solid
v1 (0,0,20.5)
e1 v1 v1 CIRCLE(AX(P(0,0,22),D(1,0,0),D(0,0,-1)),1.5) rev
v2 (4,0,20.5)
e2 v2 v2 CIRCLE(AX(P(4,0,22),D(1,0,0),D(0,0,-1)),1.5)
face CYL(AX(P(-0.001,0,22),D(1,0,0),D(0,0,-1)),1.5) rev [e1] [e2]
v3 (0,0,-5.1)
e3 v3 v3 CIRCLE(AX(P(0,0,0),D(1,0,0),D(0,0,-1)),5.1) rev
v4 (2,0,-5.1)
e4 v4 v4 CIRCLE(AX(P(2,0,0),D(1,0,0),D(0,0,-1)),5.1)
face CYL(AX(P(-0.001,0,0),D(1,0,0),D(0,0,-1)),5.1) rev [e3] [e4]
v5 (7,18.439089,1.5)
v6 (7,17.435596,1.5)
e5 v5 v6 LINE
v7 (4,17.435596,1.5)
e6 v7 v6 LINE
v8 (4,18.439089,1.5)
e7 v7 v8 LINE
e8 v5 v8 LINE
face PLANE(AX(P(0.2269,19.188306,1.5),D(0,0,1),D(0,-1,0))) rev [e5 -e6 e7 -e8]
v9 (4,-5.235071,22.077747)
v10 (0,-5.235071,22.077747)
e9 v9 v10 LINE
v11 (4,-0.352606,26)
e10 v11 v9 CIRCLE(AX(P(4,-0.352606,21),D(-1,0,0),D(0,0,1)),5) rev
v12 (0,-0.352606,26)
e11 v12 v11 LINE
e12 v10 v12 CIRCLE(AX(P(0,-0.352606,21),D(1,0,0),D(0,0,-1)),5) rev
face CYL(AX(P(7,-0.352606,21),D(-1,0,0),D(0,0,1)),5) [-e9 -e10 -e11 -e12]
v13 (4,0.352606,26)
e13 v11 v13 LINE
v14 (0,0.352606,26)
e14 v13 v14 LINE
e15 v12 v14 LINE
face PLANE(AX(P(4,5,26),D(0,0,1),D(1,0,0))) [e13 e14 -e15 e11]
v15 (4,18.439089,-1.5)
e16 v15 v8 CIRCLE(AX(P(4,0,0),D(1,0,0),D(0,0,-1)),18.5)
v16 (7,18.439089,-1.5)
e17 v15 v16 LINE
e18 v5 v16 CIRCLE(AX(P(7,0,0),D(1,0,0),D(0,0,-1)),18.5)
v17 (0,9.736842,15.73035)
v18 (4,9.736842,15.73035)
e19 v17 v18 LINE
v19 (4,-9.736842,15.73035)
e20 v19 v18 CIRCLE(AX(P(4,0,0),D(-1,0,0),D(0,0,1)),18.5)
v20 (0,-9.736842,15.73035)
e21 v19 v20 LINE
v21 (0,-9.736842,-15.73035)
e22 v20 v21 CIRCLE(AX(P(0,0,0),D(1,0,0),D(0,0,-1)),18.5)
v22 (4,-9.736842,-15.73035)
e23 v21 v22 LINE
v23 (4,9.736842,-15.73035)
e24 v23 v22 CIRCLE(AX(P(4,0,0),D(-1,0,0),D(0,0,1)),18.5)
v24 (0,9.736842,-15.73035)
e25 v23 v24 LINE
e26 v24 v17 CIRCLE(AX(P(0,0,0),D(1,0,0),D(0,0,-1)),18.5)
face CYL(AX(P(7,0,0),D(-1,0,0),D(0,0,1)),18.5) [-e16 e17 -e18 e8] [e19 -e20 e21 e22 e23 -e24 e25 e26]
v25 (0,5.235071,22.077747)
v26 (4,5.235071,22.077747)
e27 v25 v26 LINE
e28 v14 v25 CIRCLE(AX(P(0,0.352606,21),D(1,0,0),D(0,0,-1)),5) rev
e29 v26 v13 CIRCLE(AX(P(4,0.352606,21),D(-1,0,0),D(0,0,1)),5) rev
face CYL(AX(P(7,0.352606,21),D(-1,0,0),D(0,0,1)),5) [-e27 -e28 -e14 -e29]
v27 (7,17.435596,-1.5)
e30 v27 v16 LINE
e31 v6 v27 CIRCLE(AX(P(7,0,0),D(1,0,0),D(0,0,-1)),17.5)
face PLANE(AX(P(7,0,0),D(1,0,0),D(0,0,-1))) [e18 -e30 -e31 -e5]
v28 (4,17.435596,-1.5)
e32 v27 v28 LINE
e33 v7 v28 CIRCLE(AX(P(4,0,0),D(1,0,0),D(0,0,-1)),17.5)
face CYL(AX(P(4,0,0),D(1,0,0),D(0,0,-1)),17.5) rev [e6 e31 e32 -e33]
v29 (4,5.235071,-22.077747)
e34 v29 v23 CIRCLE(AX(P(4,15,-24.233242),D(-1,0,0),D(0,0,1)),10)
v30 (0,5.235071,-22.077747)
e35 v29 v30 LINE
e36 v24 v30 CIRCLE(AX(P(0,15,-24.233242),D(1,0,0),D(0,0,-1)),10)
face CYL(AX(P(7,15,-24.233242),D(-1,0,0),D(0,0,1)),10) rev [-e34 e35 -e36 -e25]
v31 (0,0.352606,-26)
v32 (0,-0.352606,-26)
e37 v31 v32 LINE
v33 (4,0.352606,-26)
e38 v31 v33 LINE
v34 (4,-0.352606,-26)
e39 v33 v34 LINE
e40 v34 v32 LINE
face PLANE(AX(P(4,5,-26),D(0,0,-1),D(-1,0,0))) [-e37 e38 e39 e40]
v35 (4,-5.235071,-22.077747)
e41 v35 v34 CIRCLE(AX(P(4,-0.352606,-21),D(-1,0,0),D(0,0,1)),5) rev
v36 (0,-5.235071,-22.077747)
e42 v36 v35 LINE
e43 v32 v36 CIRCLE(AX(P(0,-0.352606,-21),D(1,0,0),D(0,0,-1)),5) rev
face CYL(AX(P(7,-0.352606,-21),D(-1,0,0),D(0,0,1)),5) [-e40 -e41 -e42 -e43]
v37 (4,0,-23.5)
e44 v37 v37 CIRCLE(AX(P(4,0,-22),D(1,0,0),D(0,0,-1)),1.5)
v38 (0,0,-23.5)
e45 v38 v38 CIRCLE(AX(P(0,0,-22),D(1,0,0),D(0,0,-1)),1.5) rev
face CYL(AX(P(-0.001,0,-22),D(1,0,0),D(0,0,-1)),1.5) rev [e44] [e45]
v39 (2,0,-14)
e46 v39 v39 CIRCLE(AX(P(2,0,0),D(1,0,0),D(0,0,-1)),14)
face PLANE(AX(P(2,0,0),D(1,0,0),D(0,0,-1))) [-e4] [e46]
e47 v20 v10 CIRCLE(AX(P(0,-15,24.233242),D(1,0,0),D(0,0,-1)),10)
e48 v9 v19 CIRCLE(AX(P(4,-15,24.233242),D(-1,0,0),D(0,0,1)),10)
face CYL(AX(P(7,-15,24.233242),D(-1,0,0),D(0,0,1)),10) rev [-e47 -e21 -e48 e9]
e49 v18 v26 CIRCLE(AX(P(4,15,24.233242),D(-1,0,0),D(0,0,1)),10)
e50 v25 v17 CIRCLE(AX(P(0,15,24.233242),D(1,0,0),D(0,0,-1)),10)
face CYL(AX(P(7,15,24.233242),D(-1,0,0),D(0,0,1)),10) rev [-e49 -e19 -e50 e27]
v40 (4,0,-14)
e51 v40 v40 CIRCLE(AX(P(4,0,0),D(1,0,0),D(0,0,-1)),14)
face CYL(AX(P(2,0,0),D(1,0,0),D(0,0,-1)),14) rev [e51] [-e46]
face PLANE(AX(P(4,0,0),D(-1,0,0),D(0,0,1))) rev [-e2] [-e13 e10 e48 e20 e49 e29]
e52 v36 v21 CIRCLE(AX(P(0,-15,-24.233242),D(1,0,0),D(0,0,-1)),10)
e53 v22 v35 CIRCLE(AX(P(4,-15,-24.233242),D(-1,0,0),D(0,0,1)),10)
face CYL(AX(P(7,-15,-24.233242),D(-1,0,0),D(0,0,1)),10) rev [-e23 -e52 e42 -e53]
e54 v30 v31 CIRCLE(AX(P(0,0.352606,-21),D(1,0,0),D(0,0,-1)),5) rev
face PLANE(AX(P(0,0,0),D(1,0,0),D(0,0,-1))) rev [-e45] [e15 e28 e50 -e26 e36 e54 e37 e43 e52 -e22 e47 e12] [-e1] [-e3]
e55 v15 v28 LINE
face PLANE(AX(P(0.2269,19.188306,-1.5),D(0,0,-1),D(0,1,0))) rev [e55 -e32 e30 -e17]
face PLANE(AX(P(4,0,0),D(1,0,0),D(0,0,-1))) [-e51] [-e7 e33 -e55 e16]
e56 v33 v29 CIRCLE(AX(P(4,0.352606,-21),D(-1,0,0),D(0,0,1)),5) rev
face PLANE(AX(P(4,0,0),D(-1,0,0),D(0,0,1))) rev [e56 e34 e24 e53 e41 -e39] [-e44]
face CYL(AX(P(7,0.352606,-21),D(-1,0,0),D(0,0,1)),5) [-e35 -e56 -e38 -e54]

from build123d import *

# Parameters (mm, degrees)
SKETCH_1_R          = 18.5
EXTRUDE_1_DEPTH     = 7
EXTRUDE_2_DEPTH     = 4
SKETCH_2_R          = 17.5
CUT_EXTRUDE_1_DEPTH = 3
SKETCH_3_R          = 14
CUT_EXTRUDE_2_DEPTH = 2
CUT_EXTRUDE_5_REACH = 34.299
SKETCH_8_R          = 5.1
CUT_EXTRUDE_6_REACH = 34.16
SKETCH_11_R         = 1.5
FILLET_1_R          = 10
FILLET_2_R          = 5
SKETCH_12_W         = 3
SKETCH_12_H         = 2.288293169
CUT_EXTRUDE_7_DEPTH = 3


with BuildPart() as part:
    # 草图1 → 凸台-拉伸1 (new body)
    with BuildSketch(Plane(origin=(0, 0, 0), x_dir=(0, 0, -1), z_dir=(1, 0, 0))):
        Circle(SKETCH_1_R)
    extrude(amount=EXTRUDE_1_DEPTH)

    # 草图10 → 凸台-拉伸2 (add)
    with BuildSketch(Plane.ZY):
        Polygon((0, 5), (26, 5), (26, -5), (0, -5), (-26, -5), (-26, 5), align=None)
    extrude(amount=-EXTRUDE_2_DEPTH)

    # 草图2 → 切除-拉伸1 (cut)
    with BuildSketch(Plane(origin=(7, 0, 0), x_dir=(0, 0, -1), z_dir=(1, 0, 0))):
        Circle(SKETCH_2_R)
    extrude(amount=-CUT_EXTRUDE_1_DEPTH, mode=Mode.SUBTRACT)

    # 草图3 → 切除-拉伸2 (cut)
    with BuildSketch(Plane(origin=(4, 0, 0), x_dir=(0, 0, -1), z_dir=(1, 0, 0))):
        Circle(SKETCH_3_R)
    extrude(amount=-CUT_EXTRUDE_2_DEPTH, mode=Mode.SUBTRACT)

    # 草图8 → 切除-拉伸5 (cut, up to next)
    with BuildSketch(Plane(origin=(2, 0, 0), x_dir=(0, 0, -1), z_dir=(1, 0, 0)), mode=Mode.PRIVATE) as cut_extrude_5_sk1:
        Circle(SKETCH_8_R)
    cut_extrude_5_tool1 = extrude(cut_extrude_5_sk1.sketch, amount=-CUT_EXTRUDE_5_REACH, mode=Mode.PRIVATE) & part.part
    add(cut_extrude_5_tool1.solids().sort_by_distance((2, 0, 0))[0], mode=Mode.SUBTRACT)

    # 草图11 → 切除-拉伸6 (cut, up to next)
    with BuildSketch(Plane(origin=(4, 0, 0), x_dir=(0, 0, -1), z_dir=(1, 0, 0)), mode=Mode.PRIVATE) as cut_extrude_6_sk1:
        with Locations((-22, 0)):
            Circle(SKETCH_11_R)
    cut_extrude_6_tool1 = extrude(cut_extrude_6_sk1.sketch, amount=-CUT_EXTRUDE_6_REACH, mode=Mode.PRIVATE) & part.part
    # 草图11 → 切除-拉伸6 (cut, up to next)
    with BuildSketch(Plane(origin=(4, 0, 0), x_dir=(0, 0, -1), z_dir=(1, 0, 0)), mode=Mode.PRIVATE) as cut_extrude_6_sk2:
        with Locations((22, 0)):
            Circle(SKETCH_11_R)
    cut_extrude_6_tool2 = extrude(cut_extrude_6_sk2.sketch, amount=-CUT_EXTRUDE_6_REACH, mode=Mode.PRIVATE) & part.part
    add(cut_extrude_6_tool1.solids().sort_by_distance((4, 0, 22))[0], mode=Mode.SUBTRACT)
    add(cut_extrude_6_tool2.solids().sort_by_distance((4, 0, -22))[0], mode=Mode.SUBTRACT)

    # 圆角1
    fillet_1_edges = [part.edges().sort_by_distance(p)[0] for p in [
        (2, 5, -17.811513131),
        (2, 5, 17.811513131),
        (2, -5, 17.811513131),
        (2, -5, -17.811513131),
    ]]
    fillet(fillet_1_edges, radius=FILLET_1_R)

    # 圆角2
    fillet_2_edges = [part.edges().sort_by_distance(p)[0] for p in [
        (2, 5, 26),
        (2, -5, 26),
        (2, -5, -26),
        (2, 5, -26),
    ]]
    fillet(fillet_2_edges, radius=FILLET_2_R)

    # 草图12 → 切除-拉伸7 (cut)
    with BuildSketch(Plane(origin=(7, 0, 0), x_dir=(0, 0, -1), z_dir=(1, 0, 0))):
        with Locations((0, 18.044159171)):
            Rectangle(SKETCH_12_W, SKETCH_12_H)
    extrude(amount=-CUT_EXTRUDE_7_DEPTH, mode=Mode.SUBTRACT)


solid = part.part
